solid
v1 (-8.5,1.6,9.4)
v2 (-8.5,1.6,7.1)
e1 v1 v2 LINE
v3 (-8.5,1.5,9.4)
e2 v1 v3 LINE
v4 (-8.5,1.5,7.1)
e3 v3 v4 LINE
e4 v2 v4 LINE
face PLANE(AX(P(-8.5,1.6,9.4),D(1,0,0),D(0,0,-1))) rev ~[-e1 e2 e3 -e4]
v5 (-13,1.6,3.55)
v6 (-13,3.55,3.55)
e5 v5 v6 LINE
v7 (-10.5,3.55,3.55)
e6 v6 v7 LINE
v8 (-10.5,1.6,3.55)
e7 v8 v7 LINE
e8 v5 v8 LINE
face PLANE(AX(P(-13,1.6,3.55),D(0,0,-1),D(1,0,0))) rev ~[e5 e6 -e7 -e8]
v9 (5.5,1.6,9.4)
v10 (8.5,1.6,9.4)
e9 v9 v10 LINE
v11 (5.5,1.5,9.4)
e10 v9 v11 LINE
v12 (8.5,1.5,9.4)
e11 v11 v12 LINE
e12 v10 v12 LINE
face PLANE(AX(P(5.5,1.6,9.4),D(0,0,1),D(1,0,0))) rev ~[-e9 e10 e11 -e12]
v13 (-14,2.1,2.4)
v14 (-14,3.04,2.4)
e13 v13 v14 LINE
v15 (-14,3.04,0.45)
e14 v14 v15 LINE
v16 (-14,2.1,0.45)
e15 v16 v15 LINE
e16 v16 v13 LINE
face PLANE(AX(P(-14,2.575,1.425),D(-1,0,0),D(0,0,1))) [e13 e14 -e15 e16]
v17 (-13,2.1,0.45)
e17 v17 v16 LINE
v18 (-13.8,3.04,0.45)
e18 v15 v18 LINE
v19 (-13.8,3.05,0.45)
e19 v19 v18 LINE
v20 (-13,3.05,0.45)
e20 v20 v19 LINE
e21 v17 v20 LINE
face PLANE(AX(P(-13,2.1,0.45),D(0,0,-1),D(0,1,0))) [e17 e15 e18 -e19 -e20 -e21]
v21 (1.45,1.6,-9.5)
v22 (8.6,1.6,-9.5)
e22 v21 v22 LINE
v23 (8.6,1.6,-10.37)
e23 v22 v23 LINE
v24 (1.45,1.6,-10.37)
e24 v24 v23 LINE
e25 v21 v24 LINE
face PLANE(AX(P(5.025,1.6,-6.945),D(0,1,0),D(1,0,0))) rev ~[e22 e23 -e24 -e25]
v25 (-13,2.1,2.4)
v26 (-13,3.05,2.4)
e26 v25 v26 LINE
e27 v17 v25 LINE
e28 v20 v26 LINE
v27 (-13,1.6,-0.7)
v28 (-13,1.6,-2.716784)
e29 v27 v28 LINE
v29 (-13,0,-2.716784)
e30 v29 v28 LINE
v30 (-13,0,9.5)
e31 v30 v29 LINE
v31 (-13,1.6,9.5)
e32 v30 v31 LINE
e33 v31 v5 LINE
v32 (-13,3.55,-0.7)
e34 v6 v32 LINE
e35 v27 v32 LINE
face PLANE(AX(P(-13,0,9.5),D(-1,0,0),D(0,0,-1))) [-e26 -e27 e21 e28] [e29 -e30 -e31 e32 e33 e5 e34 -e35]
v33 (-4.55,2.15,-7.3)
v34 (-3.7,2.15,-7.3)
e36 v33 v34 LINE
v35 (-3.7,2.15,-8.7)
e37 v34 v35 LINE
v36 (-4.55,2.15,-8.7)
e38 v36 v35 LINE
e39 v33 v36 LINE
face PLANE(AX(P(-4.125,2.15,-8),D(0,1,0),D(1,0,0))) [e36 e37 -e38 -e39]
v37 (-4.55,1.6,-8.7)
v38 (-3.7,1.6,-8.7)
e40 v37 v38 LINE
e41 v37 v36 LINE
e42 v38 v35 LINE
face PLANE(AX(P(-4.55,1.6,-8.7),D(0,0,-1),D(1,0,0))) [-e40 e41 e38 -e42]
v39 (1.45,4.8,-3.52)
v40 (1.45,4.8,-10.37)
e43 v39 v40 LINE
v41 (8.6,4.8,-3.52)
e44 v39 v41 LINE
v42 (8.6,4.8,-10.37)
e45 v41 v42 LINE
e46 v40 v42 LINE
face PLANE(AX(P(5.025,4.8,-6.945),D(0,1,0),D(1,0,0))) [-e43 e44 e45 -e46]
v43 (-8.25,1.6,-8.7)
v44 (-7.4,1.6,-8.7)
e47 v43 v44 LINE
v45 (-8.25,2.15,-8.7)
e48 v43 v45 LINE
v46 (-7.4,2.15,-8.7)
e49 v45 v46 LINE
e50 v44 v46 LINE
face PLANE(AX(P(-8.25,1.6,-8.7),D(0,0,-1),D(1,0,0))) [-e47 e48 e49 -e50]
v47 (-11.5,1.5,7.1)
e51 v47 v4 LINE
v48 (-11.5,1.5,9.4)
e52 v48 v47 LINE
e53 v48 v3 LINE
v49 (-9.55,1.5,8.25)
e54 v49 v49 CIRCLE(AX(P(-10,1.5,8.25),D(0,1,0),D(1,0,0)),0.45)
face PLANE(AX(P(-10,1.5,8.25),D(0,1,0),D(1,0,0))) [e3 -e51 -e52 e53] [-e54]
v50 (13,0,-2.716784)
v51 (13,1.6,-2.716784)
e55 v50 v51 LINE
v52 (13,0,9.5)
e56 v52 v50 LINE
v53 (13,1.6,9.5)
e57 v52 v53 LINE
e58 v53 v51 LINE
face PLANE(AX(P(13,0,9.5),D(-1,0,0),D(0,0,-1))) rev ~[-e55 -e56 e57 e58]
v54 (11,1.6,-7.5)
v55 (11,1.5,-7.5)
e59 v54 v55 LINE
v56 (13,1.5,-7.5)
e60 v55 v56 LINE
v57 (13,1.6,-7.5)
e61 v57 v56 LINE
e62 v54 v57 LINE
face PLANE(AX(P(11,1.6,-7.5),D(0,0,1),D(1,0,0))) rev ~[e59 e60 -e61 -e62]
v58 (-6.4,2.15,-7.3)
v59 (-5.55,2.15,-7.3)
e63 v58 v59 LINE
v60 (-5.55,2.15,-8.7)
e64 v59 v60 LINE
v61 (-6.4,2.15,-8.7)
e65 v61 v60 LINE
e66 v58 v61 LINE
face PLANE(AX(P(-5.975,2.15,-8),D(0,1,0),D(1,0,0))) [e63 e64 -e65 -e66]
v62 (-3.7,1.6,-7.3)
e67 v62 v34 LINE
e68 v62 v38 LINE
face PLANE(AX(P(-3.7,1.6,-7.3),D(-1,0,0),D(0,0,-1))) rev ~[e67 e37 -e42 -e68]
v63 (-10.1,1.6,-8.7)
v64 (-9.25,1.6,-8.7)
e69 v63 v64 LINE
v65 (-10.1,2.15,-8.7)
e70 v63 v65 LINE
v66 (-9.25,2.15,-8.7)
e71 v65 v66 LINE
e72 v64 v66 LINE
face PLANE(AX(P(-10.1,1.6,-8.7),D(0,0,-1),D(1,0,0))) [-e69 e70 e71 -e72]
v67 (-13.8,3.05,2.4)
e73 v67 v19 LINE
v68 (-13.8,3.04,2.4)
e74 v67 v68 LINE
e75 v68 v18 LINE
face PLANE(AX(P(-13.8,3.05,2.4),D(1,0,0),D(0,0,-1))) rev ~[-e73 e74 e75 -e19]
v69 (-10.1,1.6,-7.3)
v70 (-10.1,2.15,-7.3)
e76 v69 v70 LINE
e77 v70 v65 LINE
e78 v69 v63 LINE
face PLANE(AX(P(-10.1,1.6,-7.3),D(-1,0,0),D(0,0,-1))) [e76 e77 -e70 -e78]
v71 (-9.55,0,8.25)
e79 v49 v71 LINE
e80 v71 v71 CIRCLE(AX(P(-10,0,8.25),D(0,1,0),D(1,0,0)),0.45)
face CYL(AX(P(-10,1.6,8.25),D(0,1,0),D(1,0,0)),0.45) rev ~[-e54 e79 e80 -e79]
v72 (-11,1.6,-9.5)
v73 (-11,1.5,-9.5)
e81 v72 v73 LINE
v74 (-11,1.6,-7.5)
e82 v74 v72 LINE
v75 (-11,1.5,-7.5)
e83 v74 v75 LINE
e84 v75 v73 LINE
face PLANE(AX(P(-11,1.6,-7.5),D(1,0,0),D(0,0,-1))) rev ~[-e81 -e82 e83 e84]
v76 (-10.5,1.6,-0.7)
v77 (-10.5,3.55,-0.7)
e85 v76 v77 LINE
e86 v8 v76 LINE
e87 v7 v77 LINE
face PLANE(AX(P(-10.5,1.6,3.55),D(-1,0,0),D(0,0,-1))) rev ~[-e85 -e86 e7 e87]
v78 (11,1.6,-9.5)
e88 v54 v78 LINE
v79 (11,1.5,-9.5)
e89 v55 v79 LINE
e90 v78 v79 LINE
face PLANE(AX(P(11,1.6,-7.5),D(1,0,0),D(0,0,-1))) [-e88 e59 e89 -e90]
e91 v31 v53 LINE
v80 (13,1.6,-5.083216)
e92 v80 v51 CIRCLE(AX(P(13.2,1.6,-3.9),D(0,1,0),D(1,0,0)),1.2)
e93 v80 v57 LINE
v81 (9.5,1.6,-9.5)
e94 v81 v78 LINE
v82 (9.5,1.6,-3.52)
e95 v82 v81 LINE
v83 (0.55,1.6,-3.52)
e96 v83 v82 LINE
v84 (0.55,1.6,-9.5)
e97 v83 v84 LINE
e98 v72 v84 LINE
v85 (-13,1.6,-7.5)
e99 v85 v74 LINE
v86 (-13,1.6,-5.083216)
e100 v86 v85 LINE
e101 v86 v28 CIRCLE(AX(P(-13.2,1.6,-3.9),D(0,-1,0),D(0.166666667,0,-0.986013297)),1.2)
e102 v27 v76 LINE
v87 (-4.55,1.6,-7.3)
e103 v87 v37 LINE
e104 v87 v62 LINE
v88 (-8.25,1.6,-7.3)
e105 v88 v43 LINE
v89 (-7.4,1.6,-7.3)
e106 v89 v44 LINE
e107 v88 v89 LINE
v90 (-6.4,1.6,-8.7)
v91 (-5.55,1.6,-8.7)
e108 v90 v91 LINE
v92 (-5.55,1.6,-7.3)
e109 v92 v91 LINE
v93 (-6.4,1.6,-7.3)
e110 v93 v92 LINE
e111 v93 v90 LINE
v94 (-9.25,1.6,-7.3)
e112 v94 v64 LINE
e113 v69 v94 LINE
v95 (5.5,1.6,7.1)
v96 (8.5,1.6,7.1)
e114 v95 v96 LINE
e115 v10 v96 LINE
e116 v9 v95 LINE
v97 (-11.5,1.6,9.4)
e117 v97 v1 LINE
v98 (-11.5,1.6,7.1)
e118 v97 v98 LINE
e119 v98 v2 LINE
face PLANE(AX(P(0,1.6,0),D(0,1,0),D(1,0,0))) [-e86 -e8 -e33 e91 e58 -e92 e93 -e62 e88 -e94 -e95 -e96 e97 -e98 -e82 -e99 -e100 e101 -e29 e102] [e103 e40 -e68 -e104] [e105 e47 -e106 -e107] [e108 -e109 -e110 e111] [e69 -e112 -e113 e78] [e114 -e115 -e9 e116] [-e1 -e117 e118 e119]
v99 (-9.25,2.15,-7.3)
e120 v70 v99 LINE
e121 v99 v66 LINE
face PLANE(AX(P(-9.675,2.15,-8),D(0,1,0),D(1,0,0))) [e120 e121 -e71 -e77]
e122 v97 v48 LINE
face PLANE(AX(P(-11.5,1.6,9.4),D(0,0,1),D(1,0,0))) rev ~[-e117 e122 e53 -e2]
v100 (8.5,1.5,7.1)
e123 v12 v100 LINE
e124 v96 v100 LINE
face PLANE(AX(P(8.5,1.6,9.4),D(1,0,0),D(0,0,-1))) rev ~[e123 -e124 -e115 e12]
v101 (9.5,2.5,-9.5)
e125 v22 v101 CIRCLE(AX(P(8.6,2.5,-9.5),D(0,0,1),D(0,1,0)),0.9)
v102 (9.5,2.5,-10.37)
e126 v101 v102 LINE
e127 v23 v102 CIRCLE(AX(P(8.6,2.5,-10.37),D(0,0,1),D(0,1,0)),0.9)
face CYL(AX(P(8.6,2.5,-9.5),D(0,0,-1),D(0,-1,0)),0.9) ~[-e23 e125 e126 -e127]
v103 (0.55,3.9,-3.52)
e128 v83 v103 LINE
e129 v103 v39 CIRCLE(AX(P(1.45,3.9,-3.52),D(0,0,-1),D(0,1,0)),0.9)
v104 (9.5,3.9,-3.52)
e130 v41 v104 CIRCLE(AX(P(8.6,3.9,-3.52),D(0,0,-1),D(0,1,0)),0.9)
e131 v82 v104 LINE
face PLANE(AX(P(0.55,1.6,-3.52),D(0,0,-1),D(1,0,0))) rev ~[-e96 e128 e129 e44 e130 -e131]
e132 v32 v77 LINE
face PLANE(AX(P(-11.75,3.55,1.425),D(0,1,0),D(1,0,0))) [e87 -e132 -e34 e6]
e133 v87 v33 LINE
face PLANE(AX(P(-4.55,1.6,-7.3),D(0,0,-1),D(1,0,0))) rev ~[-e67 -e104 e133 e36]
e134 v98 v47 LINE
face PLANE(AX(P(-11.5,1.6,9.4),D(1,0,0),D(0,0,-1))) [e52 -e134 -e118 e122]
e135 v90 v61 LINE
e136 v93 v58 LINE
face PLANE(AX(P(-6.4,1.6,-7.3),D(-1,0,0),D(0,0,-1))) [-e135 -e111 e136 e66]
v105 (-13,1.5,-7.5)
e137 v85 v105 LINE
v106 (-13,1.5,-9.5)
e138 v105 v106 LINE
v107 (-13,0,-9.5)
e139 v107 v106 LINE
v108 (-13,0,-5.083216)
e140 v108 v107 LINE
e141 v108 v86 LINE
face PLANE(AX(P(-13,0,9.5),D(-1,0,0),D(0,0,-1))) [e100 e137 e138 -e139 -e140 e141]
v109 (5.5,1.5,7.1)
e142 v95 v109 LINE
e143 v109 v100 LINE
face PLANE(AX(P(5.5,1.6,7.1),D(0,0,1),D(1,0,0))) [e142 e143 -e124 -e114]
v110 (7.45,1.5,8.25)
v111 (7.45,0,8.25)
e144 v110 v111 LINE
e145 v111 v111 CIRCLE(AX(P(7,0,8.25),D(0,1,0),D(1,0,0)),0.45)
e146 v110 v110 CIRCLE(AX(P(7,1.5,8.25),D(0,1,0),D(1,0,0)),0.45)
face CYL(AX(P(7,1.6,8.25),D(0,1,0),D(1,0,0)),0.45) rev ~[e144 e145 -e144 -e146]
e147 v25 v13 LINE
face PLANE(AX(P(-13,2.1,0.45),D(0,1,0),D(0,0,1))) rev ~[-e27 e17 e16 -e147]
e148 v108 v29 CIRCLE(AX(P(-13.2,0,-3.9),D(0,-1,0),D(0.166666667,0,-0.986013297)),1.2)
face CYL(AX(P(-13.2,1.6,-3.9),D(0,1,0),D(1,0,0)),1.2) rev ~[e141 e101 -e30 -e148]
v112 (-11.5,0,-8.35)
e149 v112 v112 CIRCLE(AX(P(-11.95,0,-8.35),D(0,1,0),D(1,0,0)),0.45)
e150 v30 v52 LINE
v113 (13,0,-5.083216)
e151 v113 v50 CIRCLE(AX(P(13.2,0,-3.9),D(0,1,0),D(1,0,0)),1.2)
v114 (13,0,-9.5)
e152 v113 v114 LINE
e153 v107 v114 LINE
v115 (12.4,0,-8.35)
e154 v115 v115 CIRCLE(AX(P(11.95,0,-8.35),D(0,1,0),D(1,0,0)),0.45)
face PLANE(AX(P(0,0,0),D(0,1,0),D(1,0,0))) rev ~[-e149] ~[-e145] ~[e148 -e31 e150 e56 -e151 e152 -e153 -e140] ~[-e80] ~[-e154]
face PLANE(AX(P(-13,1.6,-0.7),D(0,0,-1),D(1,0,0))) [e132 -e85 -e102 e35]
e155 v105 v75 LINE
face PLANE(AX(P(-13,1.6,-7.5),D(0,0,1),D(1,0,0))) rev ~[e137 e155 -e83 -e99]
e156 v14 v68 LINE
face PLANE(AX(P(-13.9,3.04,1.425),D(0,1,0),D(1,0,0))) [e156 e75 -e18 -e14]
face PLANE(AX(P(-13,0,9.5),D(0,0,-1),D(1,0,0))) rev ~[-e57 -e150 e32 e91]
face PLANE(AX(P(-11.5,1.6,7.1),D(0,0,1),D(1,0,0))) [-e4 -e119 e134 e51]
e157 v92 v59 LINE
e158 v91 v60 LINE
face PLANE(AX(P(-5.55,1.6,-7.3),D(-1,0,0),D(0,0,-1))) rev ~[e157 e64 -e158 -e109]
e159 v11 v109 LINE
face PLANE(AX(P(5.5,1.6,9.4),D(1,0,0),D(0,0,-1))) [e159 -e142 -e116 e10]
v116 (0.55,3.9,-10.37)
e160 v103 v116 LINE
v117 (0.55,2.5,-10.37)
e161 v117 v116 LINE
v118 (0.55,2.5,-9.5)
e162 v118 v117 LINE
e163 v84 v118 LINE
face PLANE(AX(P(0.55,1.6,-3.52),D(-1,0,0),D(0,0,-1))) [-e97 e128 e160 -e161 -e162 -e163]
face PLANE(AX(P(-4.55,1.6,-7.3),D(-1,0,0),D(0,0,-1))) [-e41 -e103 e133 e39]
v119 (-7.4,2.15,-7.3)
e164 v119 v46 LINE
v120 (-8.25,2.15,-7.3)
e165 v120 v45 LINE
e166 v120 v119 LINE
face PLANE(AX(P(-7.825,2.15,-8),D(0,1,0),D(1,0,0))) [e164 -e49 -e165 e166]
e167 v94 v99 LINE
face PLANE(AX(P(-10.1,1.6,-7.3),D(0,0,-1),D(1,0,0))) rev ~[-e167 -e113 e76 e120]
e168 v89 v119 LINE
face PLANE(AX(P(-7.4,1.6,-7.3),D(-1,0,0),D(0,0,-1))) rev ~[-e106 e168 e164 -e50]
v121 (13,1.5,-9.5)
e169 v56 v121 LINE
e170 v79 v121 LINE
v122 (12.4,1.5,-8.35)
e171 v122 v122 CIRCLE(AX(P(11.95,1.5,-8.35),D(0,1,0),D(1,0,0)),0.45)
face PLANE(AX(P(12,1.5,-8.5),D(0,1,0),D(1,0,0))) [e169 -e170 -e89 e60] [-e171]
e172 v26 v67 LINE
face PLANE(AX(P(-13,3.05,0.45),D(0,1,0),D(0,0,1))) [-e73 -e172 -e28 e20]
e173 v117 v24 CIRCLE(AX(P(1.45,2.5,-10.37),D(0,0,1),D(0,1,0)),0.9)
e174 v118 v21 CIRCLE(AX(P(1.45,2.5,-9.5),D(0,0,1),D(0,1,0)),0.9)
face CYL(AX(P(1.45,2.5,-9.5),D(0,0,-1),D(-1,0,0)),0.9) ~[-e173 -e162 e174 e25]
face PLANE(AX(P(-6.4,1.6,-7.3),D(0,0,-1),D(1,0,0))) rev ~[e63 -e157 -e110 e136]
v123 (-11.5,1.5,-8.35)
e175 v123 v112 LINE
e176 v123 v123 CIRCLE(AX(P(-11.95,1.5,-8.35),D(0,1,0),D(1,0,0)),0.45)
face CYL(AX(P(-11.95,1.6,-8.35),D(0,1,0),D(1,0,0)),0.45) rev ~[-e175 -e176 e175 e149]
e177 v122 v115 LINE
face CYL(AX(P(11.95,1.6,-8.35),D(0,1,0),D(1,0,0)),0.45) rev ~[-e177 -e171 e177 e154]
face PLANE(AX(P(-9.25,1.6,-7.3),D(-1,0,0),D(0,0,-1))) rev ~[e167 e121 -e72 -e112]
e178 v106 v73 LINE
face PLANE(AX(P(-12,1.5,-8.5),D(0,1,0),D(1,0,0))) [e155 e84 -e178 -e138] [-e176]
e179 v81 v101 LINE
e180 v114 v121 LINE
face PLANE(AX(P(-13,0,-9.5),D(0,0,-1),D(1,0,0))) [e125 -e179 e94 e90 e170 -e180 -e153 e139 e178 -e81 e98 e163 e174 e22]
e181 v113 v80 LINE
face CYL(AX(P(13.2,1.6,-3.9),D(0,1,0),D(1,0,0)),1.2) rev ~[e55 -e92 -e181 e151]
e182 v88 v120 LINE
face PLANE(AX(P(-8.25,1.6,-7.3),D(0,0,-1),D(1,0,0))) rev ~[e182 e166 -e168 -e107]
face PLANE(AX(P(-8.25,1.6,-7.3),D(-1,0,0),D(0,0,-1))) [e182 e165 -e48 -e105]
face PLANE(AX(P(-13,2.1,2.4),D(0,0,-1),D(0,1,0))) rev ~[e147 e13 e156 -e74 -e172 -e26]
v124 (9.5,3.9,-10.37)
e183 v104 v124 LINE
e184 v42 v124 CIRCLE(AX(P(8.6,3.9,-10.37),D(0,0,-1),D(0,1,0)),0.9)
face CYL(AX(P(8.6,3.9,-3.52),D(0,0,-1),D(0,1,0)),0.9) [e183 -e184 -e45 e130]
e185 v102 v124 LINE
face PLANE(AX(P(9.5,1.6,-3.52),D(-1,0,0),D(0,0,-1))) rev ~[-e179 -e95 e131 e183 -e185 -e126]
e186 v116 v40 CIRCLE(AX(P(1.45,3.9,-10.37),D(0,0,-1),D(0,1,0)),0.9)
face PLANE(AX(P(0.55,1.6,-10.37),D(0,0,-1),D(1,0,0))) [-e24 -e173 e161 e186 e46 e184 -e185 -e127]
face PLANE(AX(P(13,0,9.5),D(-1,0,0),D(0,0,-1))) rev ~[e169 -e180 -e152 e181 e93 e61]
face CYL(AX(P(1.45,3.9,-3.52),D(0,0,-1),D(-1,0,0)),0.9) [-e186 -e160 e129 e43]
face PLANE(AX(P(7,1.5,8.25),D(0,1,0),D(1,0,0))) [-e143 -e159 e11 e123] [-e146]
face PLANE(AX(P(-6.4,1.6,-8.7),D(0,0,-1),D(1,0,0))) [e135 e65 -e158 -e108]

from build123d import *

# Parameters (mm, degrees)
SKETCH1_W           = 26
SKETCH1_H           = 19
BOSS_EXTRUDE1_DEPTH = 1.6
SKETCH2_W           = 8.95
SKETCH2_H           = 6.85
BOSS_EXTRUDE2_DEPTH = 3.2
SKETCH3_R           = 0.45
CUT_EXTRUDE1_DEPTH  = 2.6
SKETCH4_R           = 1.2
CUT_EXTRUDE2_DEPTH  = 2.6
SKETCH5_R           = 0.45
CUT_EXTRUDE3_DEPTH  = 2.6
SKETCH6_W           = 2
SKETCH6_H           = 2
SKETCH6_W_2         = 3
SKETCH6_H_2         = 2.3
CUT_EXTRUDE4_DEPTH  = 0.1
FILLET1_R           = 0.9
SKETCH8_W           = 2.5
SKETCH8_H           = 4.25
BOSS_EXTRUDE3_DEPTH = 1.95
SKETCH9_W           = 1.95
SKETCH9_H           = 0.95
BOSS_EXTRUDE4_DEPTH = 1
SKETCH10_W          = 0.85
SKETCH10_H          = 1.4
BOSS_EXTRUDE5_DEPTH = 0.55
LPATTERN1_COUNT     = 4
LPATTERN1_PITCH     = 1.85
SKETCH11_W          = 0.2
SKETCH11_H          = 1.95
CUT_EXTRUDE5_DEPTH  = 0.01


with BuildPart() as part:
    # Sketch1 → Boss-Extrude1 (new body)
    with BuildSketch(Plane(origin=(0, 0, 0), x_dir=(1, 0, 0), z_dir=(0, 1, 0))):
        Rectangle(SKETCH1_W, SKETCH1_H)
    extrude(amount=BOSS_EXTRUDE1_DEPTH)

    # Sketch2 → Boss-Extrude2 (add)
    with BuildSketch(Plane(origin=(0, 1.6, 0), x_dir=(1, 0, 0), z_dir=(0, 1, 0))):
        with Locations((5.025, 6.945)):
            Rectangle(SKETCH2_W, SKETCH2_H)
    extrude(amount=BOSS_EXTRUDE2_DEPTH)

    # Sketch3 → Cut-Extrude1 (cut, through all)
    with BuildSketch(Plane(origin=(0, 1.6, 0), x_dir=(1, 0, 0), z_dir=(0, 1, 0))):
        with Locations((-10, -8.25)):
            Circle(SKETCH3_R)
        with Locations((7, -8.25)):
            Circle(SKETCH3_R)
    extrude(amount=-CUT_EXTRUDE1_DEPTH, mode=Mode.SUBTRACT)

    # Sketch4 → Cut-Extrude2 (cut, through all)
    with BuildSketch(Plane(origin=(0, 1.6, 0), x_dir=(1, 0, 0), z_dir=(0, 1, 0))):
        with Locations((-13.2, 3.9)):
            Circle(SKETCH4_R)
        with Locations((13.2, 3.9)):
            Circle(SKETCH4_R)
    extrude(amount=-CUT_EXTRUDE2_DEPTH, mode=Mode.SUBTRACT)

    # Sketch5 → Cut-Extrude3 (cut, through all)
    with BuildSketch(Plane(origin=(0, 1.6, 0), x_dir=(1, 0, 0), z_dir=(0, 1, 0))):
        with Locations((-11.95, 8.35)):
            Circle(SKETCH5_R)
        with Locations((11.95, 8.35)):
            Circle(SKETCH5_R)
    extrude(amount=-CUT_EXTRUDE3_DEPTH, mode=Mode.SUBTRACT)

    # Sketch6 → Cut-Extrude4 (cut)
    with BuildSketch(Plane(origin=(0, 1.6, 0), x_dir=(1, 0, 0), z_dir=(0, 1, 0))):
        with Locations((-12, 8.5)):
            Rectangle(SKETCH6_W, SKETCH6_H)
        with Locations((12, 8.5)):
            Rectangle(SKETCH6_W, SKETCH6_H)
        with Locations((-10, -8.25)):
            Rectangle(SKETCH6_W_2, SKETCH6_H_2)
        with Locations((7, -8.25)):
            Rectangle(SKETCH6_W_2, SKETCH6_H_2)
    extrude(amount=-CUT_EXTRUDE4_DEPTH, mode=Mode.SUBTRACT)

    # Fillet1
    fillet1_edges = [part.edges().sort_by_distance(p)[0] for p in [
        (0.55, 1.6, -9.935),
        (9.5, 1.6, -9.935),
        (0.55, 4.8, -6.945),
        (9.5, 4.8, -6.945),
    ]]
    fillet(fillet1_edges, radius=FILLET1_R)

    # Sketch8 → Boss-Extrude3 (add)
    with BuildSketch(Plane(origin=(0, 1.6, 0), x_dir=(1, 0, 0), z_dir=(0, 1, 0))):
        with Locations((-11.75, -1.425)):
            Rectangle(SKETCH8_W, SKETCH8_H)
    extrude(amount=BOSS_EXTRUDE3_DEPTH)

    # Sketch9 → Boss-Extrude4 (add)
    with BuildSketch(Plane.ZY.offset(13)):
        with Locations((1.425, 2.575)):
            Rectangle(SKETCH9_W, SKETCH9_H)
    extrude(amount=BOSS_EXTRUDE4_DEPTH)

    # Sketch10 → Boss-Extrude5 (add)
    with BuildSketch(Plane(origin=(0, 1.6, 0), x_dir=(1, 0, 0), z_dir=(0, 1, 0))):
        with Locations((-9.675, 8)):
            Rectangle(SKETCH10_W, SKETCH10_H)
    boss_extrude5 = extrude(amount=BOSS_EXTRUDE5_DEPTH)

    # LPattern1: Boss-Extrude5 ×4
    with Locations(*[(i * LPATTERN1_PITCH, 0, 0) for i in range(1, LPATTERN1_COUNT)]):
        add(boss_extrude5)

    # Sketch11 → Cut-Extrude5 (cut)
    with BuildSketch(Plane(origin=(0, 3.05, 0), x_dir=(1, 0, 0), z_dir=(0, 1, 0))):
        with Locations((-13.9, -1.425)):
            Rectangle(SKETCH11_W, SKETCH11_H)
    extrude(amount=-CUT_EXTRUDE5_DEPTH, mode=Mode.SUBTRACT)


solid = part.part
